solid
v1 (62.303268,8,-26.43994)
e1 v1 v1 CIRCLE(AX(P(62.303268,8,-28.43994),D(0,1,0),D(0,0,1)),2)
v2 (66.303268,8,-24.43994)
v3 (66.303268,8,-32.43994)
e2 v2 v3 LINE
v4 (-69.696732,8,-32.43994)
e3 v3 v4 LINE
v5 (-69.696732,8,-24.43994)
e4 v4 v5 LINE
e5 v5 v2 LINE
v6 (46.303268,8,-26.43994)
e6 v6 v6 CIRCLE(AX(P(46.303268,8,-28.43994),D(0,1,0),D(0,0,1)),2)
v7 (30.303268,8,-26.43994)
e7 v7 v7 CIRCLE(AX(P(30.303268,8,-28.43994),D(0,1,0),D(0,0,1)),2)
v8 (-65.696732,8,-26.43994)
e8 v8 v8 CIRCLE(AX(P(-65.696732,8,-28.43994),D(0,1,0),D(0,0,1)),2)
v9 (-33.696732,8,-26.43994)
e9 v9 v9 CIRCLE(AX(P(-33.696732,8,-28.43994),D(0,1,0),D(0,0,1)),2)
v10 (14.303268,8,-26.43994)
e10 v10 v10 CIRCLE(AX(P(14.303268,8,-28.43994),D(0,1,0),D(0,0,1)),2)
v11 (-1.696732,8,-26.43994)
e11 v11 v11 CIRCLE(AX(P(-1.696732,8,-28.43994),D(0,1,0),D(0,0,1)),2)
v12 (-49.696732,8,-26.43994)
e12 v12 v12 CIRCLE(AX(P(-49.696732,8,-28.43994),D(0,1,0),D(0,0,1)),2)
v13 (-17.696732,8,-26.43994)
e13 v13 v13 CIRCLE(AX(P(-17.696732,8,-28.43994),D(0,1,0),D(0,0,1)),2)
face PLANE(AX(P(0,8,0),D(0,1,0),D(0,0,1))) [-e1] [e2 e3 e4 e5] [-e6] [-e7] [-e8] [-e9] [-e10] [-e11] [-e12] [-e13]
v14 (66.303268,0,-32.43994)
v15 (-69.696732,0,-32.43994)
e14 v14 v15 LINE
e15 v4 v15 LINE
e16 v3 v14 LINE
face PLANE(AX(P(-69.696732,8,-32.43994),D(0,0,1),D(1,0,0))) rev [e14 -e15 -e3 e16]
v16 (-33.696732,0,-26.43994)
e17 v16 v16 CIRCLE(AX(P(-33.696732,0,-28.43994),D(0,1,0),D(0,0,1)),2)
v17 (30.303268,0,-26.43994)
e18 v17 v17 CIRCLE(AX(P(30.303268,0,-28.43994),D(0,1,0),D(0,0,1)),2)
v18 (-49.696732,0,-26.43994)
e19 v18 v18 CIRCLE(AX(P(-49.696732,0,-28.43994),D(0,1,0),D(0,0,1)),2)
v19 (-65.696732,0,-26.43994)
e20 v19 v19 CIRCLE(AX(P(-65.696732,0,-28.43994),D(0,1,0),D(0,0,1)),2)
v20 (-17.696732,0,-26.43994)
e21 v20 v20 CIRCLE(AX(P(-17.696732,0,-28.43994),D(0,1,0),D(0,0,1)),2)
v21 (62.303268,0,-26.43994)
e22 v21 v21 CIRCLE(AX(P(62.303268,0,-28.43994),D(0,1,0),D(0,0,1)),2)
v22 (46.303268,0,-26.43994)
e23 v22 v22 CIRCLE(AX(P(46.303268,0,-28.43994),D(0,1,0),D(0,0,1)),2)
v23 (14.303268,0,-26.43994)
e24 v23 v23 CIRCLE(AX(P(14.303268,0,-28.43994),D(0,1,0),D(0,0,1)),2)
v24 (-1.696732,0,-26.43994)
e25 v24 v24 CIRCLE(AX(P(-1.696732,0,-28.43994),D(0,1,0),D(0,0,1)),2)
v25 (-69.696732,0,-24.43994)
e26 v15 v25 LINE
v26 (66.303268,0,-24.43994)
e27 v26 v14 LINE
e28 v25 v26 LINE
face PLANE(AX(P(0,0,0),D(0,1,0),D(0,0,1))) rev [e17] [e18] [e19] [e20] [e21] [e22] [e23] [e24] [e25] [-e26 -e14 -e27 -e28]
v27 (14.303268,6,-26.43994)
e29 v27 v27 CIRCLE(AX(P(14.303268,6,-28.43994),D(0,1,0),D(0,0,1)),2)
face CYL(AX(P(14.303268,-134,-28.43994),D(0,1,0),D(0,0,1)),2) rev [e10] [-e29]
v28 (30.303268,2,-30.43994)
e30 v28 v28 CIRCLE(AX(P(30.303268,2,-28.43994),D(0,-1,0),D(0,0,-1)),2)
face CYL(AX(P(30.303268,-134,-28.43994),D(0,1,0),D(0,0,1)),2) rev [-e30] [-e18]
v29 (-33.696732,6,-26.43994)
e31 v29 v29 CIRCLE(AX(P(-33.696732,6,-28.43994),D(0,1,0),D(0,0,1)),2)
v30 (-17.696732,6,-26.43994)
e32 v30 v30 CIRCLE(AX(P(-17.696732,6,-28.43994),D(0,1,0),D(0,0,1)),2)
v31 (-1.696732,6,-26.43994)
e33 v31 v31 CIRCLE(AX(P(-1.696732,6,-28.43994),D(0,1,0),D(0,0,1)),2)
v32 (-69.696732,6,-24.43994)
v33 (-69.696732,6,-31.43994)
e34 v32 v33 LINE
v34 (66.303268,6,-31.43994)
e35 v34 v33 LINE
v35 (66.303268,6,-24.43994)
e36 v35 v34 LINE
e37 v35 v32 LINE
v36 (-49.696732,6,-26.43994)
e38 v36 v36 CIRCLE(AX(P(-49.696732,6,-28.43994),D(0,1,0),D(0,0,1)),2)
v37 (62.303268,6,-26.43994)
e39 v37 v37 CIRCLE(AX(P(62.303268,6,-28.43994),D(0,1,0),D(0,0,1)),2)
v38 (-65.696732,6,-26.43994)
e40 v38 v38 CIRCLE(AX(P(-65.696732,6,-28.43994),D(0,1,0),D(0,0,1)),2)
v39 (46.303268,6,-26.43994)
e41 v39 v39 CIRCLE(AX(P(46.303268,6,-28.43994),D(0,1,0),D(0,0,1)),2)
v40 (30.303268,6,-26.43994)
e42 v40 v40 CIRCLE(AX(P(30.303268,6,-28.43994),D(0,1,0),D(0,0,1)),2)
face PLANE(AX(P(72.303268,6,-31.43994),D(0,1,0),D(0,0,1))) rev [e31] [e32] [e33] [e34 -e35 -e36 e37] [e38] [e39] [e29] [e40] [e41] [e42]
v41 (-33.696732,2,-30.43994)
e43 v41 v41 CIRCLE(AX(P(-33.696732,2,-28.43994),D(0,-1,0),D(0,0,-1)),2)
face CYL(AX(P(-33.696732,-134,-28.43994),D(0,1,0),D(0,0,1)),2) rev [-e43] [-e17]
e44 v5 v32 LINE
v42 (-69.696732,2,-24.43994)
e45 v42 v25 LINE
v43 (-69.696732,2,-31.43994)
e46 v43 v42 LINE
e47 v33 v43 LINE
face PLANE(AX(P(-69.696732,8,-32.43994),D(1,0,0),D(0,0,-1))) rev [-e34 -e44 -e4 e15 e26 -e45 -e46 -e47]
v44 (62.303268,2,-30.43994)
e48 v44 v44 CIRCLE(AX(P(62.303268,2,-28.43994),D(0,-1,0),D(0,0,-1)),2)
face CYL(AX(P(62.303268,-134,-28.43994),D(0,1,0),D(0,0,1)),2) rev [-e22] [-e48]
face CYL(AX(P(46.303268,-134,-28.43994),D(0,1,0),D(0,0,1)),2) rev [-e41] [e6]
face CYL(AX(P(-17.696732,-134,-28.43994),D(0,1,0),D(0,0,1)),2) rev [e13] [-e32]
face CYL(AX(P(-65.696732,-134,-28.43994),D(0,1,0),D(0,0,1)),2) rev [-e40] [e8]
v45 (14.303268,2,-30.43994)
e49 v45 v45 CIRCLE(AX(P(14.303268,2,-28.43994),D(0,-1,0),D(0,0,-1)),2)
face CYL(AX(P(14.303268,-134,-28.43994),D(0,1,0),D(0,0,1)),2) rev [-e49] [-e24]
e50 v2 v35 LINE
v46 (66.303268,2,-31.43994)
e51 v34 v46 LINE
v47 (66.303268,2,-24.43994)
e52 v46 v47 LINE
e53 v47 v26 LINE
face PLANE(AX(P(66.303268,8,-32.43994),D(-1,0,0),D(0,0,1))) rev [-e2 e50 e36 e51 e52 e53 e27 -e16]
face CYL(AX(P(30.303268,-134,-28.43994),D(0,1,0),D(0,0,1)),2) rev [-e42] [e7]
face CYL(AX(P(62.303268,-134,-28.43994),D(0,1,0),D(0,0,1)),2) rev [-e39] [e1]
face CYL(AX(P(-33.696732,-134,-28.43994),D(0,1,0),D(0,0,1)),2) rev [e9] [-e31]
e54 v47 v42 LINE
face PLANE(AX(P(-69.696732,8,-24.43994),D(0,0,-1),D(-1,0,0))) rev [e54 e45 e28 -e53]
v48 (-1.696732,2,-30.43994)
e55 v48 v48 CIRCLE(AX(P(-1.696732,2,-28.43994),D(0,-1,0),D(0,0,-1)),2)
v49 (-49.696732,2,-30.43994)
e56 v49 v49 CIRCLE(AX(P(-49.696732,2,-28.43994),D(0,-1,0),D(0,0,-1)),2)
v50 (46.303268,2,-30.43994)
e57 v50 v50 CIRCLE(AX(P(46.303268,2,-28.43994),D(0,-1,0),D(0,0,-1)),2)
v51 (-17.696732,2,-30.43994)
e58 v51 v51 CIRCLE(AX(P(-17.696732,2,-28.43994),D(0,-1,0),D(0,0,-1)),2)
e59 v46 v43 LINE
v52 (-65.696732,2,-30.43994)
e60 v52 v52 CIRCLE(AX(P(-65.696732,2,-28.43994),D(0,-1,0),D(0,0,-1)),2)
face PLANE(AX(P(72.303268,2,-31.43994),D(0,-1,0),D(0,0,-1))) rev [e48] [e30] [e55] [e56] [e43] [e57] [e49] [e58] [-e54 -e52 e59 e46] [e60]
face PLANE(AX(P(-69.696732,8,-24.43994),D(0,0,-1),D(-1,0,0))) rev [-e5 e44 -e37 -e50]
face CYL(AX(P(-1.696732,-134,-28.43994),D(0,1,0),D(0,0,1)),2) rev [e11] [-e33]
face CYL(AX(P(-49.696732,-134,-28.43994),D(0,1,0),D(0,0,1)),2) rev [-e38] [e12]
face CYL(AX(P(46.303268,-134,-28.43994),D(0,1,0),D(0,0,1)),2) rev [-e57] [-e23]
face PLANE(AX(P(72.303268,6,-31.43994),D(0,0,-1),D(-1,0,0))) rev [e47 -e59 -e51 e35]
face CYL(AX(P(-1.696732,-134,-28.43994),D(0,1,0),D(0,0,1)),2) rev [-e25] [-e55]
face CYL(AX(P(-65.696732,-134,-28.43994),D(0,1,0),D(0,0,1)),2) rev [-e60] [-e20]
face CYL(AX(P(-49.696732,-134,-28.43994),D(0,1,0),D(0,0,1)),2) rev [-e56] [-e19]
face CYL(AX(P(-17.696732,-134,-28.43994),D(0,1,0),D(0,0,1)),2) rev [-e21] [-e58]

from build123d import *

# Parameters (mm, degrees)
SKETCH1_W           = 136
SKETCH1_H           = 8
BOSS_EXTRUDE1_DEPTH = 8
SKETCH2_W           = 7
SKETCH2_H           = 4
CUT_EXTRUDE1_DEPTH  = 142
SKETCH3_R           = 2
CUT_EXTRUDE2_DEPTH  = 142


with BuildPart() as part:
    # Sketch1 → Boss-Extrude1 (new body)
    with BuildSketch(Plane(origin=(0, 0, 0), x_dir=(1, 0, 0), z_dir=(0, 1, 0))):
        with Locations((-1.696732132, 28.439939714)):
            Rectangle(SKETCH1_W, SKETCH1_H)
    extrude(amount=BOSS_EXTRUDE1_DEPTH)

    # Sketch2 → Cut-Extrude1 (cut)
    with BuildSketch(Plane.ZY.offset(69.696732132)):
        with Locations((-27.939939714, 4)):
            Rectangle(SKETCH2_W, SKETCH2_H)
    extrude(amount=-CUT_EXTRUDE1_DEPTH, mode=Mode.SUBTRACT)

    # Sketch3 → Cut-Extrude2 (cut)
    with BuildSketch(Plane(origin=(0, 8, 0), x_dir=(1, 0, 0), z_dir=(0, 1, 0))):
        with Locations(Location((-65.696732132, 28.439939714, 0), (0, 0, 270))):
            Circle(SKETCH3_R)
        with Locations(Location((-49.696732132, 28.439939714, 0), (0, 0, 270))):
            Circle(SKETCH3_R)
        with Locations(Location((-33.696732132, 28.439939714, 0), (0, 0, 270))):
            Circle(SKETCH3_R)
        with Locations(Location((-17.696732132, 28.439939714, 0), (0, 0, 270))):
            Circle(SKETCH3_R)
        with Locations(Location((-1.696732132, 28.439939714, 0), (0, 0, 270))):
            Circle(SKETCH3_R)
        with Locations(Location((14.303267868, 28.439939714, 0), (0, 0, 270))):
            Circle(SKETCH3_R)
        with Locations(Location((30.303267868, 28.439939714, 0), (0, 0, 270))):
            Circle(SKETCH3_R)
        with Locations(Location((46.303267868, 28.439939714, 0), (0, 0, 270))):
            Circle(SKETCH3_R)
        with Locations(Location((62.303267868, 28.439939714, 0), (0, 0, 270))):
            Circle(SKETCH3_R)
    extrude(amount=-CUT_EXTRUDE2_DEPTH, mode=Mode.SUBTRACT)


solid = part.part
